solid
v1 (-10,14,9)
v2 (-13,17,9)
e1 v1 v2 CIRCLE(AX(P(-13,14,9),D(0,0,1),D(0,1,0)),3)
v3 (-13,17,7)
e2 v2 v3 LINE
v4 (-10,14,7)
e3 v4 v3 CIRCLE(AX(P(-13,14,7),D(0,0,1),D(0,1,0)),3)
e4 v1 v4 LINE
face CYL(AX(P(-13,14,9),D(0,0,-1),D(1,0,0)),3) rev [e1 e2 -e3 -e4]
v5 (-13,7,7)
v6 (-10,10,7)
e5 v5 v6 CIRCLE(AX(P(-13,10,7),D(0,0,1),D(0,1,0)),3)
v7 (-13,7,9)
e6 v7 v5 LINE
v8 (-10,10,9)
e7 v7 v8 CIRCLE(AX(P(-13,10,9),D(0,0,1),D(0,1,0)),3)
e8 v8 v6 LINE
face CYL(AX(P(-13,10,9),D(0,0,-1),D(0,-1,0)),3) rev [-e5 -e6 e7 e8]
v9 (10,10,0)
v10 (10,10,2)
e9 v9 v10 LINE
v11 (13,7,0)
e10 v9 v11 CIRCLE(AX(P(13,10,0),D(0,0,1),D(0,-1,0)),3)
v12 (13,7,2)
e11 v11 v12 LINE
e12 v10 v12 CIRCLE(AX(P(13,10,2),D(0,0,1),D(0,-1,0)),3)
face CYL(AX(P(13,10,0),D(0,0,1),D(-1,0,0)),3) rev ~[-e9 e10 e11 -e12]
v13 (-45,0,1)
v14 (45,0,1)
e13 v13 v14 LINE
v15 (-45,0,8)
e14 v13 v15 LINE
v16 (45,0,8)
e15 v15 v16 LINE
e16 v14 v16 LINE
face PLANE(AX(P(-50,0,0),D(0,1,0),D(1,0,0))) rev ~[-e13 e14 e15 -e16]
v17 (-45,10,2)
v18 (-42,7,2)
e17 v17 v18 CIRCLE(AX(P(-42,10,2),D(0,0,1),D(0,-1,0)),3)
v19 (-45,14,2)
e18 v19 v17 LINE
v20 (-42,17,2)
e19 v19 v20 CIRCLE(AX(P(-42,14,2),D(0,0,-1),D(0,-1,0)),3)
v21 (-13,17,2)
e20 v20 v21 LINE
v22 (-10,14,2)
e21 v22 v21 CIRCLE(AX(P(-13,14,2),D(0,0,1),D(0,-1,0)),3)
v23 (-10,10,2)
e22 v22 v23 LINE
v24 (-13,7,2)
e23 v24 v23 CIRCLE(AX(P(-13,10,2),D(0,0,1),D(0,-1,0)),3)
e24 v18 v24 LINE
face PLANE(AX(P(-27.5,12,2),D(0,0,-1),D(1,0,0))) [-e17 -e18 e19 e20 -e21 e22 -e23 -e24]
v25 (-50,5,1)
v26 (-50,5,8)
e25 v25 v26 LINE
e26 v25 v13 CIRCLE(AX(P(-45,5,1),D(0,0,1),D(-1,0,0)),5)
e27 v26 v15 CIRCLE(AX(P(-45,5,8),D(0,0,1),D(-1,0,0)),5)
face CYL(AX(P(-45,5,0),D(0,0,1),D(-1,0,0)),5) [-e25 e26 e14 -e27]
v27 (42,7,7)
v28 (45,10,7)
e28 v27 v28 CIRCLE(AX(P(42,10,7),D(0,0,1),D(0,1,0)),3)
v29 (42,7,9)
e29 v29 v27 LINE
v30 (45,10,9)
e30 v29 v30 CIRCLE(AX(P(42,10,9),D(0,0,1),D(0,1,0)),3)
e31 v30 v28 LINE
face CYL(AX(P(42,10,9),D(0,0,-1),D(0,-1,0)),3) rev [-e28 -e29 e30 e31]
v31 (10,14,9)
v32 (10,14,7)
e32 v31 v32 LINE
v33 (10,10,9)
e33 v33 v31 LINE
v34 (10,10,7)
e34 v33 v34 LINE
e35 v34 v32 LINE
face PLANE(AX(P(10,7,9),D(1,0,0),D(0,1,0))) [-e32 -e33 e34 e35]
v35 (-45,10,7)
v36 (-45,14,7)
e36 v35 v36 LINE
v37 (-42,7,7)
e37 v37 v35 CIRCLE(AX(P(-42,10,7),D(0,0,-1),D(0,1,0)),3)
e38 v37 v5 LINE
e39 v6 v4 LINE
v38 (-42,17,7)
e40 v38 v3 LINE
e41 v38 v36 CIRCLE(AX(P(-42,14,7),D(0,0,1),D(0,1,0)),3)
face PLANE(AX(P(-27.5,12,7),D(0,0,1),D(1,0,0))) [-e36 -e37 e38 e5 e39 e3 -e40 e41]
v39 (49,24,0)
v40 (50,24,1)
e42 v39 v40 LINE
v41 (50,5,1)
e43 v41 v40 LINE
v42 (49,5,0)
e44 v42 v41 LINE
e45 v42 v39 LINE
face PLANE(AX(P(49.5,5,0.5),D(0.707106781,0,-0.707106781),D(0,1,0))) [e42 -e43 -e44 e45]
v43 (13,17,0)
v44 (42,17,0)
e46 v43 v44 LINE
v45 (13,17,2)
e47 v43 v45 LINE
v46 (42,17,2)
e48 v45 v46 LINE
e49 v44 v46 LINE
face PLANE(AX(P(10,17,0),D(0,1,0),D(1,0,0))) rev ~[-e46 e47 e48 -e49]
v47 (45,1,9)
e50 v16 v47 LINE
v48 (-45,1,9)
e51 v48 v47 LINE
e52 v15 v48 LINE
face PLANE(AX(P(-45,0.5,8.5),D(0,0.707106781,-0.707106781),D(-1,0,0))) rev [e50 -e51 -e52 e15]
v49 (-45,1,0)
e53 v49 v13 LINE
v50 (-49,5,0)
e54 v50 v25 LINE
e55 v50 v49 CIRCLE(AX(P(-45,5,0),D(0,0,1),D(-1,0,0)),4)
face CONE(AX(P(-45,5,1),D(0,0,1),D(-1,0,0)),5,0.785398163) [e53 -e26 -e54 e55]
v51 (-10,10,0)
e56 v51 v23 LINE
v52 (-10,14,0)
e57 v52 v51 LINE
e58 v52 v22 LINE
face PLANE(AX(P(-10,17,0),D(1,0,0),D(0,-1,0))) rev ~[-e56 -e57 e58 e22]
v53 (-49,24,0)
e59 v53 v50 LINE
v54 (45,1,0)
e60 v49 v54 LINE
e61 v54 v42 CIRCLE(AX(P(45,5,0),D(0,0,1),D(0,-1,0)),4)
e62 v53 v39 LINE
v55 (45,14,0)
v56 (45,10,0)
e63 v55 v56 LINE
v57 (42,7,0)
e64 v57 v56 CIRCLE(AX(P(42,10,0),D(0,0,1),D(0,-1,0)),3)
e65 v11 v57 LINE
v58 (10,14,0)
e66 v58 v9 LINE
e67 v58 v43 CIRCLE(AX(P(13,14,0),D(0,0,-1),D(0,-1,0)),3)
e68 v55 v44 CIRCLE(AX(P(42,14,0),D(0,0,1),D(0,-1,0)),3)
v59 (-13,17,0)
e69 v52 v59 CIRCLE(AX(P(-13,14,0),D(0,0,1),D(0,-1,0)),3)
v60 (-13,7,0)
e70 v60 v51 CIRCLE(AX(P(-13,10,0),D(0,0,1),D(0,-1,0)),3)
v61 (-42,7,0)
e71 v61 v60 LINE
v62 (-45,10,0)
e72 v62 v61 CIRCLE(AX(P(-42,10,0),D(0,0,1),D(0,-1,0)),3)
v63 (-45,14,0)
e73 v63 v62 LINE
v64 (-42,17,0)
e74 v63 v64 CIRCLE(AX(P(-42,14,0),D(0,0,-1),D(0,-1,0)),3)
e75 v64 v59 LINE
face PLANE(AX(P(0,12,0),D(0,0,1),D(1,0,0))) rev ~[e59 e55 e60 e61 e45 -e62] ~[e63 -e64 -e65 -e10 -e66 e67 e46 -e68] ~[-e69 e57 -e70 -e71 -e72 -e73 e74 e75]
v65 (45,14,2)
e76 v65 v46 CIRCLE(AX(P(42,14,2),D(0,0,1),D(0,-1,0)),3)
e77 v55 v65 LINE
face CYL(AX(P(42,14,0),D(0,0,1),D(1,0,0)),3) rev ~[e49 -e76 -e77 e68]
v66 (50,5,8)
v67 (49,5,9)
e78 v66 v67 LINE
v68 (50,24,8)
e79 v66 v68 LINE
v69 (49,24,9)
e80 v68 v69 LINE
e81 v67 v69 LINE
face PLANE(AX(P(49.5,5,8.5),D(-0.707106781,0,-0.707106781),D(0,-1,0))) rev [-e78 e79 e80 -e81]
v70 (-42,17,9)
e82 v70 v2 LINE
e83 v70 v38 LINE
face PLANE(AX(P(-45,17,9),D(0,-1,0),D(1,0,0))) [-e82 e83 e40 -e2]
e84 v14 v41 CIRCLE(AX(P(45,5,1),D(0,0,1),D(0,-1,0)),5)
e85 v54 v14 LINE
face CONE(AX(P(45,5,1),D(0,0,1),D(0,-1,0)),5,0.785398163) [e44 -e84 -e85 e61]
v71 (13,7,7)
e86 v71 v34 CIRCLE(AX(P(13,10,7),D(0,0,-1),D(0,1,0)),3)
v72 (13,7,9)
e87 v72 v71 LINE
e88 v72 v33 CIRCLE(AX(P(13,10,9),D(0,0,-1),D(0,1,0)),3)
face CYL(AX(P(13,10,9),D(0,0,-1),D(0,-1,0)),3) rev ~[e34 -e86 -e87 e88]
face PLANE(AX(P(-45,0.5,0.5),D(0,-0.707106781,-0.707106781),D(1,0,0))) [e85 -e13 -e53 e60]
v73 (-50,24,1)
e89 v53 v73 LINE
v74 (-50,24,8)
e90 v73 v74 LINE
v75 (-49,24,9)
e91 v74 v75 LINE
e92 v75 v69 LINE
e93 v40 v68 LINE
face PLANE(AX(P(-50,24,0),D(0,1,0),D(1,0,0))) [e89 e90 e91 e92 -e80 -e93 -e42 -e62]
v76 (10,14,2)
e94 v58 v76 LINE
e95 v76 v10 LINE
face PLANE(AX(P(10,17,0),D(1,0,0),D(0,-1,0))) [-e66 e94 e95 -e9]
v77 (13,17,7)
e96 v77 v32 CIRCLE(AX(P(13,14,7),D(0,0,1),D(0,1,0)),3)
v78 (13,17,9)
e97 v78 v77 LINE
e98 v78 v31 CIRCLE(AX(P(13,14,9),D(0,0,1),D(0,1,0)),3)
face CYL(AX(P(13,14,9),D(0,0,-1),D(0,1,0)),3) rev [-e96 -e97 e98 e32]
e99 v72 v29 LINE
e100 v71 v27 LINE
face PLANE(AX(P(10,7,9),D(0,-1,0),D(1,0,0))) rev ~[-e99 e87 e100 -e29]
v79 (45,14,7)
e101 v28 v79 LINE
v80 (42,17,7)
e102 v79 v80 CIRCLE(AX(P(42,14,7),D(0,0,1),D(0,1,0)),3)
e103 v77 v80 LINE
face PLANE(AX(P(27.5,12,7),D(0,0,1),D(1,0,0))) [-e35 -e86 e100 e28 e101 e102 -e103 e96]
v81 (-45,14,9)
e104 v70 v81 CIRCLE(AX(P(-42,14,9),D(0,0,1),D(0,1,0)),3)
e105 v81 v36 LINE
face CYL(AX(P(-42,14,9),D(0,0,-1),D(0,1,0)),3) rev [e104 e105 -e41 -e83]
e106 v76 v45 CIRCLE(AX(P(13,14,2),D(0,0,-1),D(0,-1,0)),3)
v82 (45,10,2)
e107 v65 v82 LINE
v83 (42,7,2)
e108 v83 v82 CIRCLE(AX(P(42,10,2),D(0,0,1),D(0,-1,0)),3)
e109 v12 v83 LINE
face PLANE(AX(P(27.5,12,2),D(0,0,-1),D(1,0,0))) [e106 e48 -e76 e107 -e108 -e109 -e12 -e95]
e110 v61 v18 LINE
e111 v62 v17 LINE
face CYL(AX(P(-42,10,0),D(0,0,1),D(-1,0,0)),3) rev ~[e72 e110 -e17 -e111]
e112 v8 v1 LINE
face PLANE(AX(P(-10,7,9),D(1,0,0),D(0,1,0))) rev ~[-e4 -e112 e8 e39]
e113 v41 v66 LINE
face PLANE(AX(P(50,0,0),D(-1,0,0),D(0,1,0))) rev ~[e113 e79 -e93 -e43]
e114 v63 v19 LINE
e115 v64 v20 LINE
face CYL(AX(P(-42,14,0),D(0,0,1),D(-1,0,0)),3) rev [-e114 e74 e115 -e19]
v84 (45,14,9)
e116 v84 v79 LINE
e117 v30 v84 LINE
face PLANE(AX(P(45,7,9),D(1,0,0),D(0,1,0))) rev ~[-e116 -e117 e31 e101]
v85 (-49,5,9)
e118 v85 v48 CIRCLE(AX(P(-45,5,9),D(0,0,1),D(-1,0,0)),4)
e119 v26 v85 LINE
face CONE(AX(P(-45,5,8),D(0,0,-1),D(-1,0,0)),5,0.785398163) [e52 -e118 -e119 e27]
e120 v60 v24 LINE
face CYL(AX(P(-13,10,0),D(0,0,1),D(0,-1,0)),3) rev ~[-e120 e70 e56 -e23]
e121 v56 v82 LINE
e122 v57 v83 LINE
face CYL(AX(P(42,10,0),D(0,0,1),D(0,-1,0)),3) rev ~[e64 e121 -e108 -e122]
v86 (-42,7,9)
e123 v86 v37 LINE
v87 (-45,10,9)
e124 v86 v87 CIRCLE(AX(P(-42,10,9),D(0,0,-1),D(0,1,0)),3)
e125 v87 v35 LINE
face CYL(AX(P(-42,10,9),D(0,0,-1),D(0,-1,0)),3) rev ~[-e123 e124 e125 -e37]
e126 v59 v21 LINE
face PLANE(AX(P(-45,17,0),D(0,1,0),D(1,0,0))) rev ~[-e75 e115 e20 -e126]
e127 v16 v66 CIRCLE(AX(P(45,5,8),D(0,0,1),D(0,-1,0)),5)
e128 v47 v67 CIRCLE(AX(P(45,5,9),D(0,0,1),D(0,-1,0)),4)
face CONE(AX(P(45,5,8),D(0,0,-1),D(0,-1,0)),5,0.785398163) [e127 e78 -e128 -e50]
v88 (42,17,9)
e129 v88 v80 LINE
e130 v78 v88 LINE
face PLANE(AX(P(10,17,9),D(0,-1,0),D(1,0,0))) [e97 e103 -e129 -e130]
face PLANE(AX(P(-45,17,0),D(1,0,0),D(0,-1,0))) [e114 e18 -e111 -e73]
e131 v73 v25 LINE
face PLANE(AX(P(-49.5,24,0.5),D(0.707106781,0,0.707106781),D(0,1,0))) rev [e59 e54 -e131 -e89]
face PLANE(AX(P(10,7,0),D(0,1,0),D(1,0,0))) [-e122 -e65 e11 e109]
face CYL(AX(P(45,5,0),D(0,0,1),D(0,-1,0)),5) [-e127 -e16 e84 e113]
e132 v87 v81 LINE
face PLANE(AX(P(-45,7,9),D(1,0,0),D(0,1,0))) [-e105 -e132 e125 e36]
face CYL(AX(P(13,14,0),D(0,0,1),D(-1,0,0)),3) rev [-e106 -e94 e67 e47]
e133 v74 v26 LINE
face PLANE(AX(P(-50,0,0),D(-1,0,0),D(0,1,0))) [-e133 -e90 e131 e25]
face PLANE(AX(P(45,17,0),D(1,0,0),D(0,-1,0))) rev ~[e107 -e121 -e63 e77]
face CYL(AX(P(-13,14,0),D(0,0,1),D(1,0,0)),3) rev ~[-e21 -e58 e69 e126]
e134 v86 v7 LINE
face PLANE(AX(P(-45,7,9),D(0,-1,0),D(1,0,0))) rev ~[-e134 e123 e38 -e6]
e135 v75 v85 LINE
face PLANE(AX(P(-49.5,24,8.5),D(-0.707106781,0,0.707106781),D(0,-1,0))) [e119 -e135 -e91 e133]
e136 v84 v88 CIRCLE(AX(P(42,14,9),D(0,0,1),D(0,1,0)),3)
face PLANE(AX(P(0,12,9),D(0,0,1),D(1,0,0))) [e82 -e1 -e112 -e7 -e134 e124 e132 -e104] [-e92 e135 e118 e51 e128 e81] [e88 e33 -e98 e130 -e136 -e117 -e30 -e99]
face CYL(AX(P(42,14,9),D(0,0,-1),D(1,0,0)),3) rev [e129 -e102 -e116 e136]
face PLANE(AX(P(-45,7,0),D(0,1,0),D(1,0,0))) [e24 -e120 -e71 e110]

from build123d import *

# Parameters (mm, degrees)
F0_W     = 100
F0_H     = 24
F1_DEPTH = 9
F2_R     = 5
F3_W     = 35
F3_H     = 10
F4_W     = 35
F4_H     = 10
F5_DEPTH = 2
F6_R     = 3
F7_W     = 35
F7_H     = 10
F8_DEPTH = 2
F9_R     = 3
F10_SIZE = 1


with BuildPart() as f1:
    # F0 (on Top) → F1 (new body)
    with BuildSketch(Plane.XY):
        with Locations((0, 12)):
            Rectangle(F0_W, F0_H)
    extrude(amount=F1_DEPTH)

    # F2
    f2_edges = [f1.edges().sort_by_distance(p)[0] for p in [
        (-50, 0, 4.5),
        (50, 0, 4.5),
    ]]
    fillet(f2_edges, radius=F2_R)

    # F3 (on face) + F4 (on face) → F5 (cut)
    with BuildSketch(Plane.XY.offset(9)):
        with Locations((-27.5, 12)):
            Rectangle(F3_W, F3_H)
    with BuildSketch(Plane.XY.offset(9)):
        with Locations((27.5, 12)):
            Rectangle(F4_W, F4_H)
    extrude(amount=-F5_DEPTH, mode=Mode.SUBTRACT)

    # F6
    f6_edges = [f1.edges().sort_by_distance(p)[0] for p in [
        (-45, 7, 8),
        (-45, 17, 8),
        (-10, 17, 8),
        (10, 7, 8),
        (-10, 7, 8),
        (45, 7, 8),
        (45, 17, 8),
        (10, 17, 8),
    ]]
    fillet(f6_edges, radius=F6_R)

    # F7 (on face) → F8 (cut)
    with BuildSketch(Plane(origin=(0, 0, 0), x_dir=(1, 0, 0), z_dir=(0, 0, -1))):
        with Locations((-27.5, -12)):
            Rectangle(F7_W, F7_H)
        with Locations((27.5, -12)):
            Rectangle(F7_W, F7_H)
    extrude(amount=-F8_DEPTH, mode=Mode.SUBTRACT)

    # F9
    f9_edges = [f1.edges().sort_by_distance(p)[0] for p in [
        (45, 17, 1),
        (-10, 17, 1),
        (10, 17, 1),
        (-45, 17, 1),
        (10, 7, 1),
        (-45, 7, 1),
        (-10, 7, 1),
        (45, 7, 1),
    ]]
    fillet(f9_edges, radius=F9_R)

    # F10
    f10_edges = [f1.edges().sort_by_distance(p)[0] for p in [
        (0, 0, 9),
        (0, 0, 0),
    ]]
    chamfer(f10_edges, length=F10_SIZE)


solid = f1.part
